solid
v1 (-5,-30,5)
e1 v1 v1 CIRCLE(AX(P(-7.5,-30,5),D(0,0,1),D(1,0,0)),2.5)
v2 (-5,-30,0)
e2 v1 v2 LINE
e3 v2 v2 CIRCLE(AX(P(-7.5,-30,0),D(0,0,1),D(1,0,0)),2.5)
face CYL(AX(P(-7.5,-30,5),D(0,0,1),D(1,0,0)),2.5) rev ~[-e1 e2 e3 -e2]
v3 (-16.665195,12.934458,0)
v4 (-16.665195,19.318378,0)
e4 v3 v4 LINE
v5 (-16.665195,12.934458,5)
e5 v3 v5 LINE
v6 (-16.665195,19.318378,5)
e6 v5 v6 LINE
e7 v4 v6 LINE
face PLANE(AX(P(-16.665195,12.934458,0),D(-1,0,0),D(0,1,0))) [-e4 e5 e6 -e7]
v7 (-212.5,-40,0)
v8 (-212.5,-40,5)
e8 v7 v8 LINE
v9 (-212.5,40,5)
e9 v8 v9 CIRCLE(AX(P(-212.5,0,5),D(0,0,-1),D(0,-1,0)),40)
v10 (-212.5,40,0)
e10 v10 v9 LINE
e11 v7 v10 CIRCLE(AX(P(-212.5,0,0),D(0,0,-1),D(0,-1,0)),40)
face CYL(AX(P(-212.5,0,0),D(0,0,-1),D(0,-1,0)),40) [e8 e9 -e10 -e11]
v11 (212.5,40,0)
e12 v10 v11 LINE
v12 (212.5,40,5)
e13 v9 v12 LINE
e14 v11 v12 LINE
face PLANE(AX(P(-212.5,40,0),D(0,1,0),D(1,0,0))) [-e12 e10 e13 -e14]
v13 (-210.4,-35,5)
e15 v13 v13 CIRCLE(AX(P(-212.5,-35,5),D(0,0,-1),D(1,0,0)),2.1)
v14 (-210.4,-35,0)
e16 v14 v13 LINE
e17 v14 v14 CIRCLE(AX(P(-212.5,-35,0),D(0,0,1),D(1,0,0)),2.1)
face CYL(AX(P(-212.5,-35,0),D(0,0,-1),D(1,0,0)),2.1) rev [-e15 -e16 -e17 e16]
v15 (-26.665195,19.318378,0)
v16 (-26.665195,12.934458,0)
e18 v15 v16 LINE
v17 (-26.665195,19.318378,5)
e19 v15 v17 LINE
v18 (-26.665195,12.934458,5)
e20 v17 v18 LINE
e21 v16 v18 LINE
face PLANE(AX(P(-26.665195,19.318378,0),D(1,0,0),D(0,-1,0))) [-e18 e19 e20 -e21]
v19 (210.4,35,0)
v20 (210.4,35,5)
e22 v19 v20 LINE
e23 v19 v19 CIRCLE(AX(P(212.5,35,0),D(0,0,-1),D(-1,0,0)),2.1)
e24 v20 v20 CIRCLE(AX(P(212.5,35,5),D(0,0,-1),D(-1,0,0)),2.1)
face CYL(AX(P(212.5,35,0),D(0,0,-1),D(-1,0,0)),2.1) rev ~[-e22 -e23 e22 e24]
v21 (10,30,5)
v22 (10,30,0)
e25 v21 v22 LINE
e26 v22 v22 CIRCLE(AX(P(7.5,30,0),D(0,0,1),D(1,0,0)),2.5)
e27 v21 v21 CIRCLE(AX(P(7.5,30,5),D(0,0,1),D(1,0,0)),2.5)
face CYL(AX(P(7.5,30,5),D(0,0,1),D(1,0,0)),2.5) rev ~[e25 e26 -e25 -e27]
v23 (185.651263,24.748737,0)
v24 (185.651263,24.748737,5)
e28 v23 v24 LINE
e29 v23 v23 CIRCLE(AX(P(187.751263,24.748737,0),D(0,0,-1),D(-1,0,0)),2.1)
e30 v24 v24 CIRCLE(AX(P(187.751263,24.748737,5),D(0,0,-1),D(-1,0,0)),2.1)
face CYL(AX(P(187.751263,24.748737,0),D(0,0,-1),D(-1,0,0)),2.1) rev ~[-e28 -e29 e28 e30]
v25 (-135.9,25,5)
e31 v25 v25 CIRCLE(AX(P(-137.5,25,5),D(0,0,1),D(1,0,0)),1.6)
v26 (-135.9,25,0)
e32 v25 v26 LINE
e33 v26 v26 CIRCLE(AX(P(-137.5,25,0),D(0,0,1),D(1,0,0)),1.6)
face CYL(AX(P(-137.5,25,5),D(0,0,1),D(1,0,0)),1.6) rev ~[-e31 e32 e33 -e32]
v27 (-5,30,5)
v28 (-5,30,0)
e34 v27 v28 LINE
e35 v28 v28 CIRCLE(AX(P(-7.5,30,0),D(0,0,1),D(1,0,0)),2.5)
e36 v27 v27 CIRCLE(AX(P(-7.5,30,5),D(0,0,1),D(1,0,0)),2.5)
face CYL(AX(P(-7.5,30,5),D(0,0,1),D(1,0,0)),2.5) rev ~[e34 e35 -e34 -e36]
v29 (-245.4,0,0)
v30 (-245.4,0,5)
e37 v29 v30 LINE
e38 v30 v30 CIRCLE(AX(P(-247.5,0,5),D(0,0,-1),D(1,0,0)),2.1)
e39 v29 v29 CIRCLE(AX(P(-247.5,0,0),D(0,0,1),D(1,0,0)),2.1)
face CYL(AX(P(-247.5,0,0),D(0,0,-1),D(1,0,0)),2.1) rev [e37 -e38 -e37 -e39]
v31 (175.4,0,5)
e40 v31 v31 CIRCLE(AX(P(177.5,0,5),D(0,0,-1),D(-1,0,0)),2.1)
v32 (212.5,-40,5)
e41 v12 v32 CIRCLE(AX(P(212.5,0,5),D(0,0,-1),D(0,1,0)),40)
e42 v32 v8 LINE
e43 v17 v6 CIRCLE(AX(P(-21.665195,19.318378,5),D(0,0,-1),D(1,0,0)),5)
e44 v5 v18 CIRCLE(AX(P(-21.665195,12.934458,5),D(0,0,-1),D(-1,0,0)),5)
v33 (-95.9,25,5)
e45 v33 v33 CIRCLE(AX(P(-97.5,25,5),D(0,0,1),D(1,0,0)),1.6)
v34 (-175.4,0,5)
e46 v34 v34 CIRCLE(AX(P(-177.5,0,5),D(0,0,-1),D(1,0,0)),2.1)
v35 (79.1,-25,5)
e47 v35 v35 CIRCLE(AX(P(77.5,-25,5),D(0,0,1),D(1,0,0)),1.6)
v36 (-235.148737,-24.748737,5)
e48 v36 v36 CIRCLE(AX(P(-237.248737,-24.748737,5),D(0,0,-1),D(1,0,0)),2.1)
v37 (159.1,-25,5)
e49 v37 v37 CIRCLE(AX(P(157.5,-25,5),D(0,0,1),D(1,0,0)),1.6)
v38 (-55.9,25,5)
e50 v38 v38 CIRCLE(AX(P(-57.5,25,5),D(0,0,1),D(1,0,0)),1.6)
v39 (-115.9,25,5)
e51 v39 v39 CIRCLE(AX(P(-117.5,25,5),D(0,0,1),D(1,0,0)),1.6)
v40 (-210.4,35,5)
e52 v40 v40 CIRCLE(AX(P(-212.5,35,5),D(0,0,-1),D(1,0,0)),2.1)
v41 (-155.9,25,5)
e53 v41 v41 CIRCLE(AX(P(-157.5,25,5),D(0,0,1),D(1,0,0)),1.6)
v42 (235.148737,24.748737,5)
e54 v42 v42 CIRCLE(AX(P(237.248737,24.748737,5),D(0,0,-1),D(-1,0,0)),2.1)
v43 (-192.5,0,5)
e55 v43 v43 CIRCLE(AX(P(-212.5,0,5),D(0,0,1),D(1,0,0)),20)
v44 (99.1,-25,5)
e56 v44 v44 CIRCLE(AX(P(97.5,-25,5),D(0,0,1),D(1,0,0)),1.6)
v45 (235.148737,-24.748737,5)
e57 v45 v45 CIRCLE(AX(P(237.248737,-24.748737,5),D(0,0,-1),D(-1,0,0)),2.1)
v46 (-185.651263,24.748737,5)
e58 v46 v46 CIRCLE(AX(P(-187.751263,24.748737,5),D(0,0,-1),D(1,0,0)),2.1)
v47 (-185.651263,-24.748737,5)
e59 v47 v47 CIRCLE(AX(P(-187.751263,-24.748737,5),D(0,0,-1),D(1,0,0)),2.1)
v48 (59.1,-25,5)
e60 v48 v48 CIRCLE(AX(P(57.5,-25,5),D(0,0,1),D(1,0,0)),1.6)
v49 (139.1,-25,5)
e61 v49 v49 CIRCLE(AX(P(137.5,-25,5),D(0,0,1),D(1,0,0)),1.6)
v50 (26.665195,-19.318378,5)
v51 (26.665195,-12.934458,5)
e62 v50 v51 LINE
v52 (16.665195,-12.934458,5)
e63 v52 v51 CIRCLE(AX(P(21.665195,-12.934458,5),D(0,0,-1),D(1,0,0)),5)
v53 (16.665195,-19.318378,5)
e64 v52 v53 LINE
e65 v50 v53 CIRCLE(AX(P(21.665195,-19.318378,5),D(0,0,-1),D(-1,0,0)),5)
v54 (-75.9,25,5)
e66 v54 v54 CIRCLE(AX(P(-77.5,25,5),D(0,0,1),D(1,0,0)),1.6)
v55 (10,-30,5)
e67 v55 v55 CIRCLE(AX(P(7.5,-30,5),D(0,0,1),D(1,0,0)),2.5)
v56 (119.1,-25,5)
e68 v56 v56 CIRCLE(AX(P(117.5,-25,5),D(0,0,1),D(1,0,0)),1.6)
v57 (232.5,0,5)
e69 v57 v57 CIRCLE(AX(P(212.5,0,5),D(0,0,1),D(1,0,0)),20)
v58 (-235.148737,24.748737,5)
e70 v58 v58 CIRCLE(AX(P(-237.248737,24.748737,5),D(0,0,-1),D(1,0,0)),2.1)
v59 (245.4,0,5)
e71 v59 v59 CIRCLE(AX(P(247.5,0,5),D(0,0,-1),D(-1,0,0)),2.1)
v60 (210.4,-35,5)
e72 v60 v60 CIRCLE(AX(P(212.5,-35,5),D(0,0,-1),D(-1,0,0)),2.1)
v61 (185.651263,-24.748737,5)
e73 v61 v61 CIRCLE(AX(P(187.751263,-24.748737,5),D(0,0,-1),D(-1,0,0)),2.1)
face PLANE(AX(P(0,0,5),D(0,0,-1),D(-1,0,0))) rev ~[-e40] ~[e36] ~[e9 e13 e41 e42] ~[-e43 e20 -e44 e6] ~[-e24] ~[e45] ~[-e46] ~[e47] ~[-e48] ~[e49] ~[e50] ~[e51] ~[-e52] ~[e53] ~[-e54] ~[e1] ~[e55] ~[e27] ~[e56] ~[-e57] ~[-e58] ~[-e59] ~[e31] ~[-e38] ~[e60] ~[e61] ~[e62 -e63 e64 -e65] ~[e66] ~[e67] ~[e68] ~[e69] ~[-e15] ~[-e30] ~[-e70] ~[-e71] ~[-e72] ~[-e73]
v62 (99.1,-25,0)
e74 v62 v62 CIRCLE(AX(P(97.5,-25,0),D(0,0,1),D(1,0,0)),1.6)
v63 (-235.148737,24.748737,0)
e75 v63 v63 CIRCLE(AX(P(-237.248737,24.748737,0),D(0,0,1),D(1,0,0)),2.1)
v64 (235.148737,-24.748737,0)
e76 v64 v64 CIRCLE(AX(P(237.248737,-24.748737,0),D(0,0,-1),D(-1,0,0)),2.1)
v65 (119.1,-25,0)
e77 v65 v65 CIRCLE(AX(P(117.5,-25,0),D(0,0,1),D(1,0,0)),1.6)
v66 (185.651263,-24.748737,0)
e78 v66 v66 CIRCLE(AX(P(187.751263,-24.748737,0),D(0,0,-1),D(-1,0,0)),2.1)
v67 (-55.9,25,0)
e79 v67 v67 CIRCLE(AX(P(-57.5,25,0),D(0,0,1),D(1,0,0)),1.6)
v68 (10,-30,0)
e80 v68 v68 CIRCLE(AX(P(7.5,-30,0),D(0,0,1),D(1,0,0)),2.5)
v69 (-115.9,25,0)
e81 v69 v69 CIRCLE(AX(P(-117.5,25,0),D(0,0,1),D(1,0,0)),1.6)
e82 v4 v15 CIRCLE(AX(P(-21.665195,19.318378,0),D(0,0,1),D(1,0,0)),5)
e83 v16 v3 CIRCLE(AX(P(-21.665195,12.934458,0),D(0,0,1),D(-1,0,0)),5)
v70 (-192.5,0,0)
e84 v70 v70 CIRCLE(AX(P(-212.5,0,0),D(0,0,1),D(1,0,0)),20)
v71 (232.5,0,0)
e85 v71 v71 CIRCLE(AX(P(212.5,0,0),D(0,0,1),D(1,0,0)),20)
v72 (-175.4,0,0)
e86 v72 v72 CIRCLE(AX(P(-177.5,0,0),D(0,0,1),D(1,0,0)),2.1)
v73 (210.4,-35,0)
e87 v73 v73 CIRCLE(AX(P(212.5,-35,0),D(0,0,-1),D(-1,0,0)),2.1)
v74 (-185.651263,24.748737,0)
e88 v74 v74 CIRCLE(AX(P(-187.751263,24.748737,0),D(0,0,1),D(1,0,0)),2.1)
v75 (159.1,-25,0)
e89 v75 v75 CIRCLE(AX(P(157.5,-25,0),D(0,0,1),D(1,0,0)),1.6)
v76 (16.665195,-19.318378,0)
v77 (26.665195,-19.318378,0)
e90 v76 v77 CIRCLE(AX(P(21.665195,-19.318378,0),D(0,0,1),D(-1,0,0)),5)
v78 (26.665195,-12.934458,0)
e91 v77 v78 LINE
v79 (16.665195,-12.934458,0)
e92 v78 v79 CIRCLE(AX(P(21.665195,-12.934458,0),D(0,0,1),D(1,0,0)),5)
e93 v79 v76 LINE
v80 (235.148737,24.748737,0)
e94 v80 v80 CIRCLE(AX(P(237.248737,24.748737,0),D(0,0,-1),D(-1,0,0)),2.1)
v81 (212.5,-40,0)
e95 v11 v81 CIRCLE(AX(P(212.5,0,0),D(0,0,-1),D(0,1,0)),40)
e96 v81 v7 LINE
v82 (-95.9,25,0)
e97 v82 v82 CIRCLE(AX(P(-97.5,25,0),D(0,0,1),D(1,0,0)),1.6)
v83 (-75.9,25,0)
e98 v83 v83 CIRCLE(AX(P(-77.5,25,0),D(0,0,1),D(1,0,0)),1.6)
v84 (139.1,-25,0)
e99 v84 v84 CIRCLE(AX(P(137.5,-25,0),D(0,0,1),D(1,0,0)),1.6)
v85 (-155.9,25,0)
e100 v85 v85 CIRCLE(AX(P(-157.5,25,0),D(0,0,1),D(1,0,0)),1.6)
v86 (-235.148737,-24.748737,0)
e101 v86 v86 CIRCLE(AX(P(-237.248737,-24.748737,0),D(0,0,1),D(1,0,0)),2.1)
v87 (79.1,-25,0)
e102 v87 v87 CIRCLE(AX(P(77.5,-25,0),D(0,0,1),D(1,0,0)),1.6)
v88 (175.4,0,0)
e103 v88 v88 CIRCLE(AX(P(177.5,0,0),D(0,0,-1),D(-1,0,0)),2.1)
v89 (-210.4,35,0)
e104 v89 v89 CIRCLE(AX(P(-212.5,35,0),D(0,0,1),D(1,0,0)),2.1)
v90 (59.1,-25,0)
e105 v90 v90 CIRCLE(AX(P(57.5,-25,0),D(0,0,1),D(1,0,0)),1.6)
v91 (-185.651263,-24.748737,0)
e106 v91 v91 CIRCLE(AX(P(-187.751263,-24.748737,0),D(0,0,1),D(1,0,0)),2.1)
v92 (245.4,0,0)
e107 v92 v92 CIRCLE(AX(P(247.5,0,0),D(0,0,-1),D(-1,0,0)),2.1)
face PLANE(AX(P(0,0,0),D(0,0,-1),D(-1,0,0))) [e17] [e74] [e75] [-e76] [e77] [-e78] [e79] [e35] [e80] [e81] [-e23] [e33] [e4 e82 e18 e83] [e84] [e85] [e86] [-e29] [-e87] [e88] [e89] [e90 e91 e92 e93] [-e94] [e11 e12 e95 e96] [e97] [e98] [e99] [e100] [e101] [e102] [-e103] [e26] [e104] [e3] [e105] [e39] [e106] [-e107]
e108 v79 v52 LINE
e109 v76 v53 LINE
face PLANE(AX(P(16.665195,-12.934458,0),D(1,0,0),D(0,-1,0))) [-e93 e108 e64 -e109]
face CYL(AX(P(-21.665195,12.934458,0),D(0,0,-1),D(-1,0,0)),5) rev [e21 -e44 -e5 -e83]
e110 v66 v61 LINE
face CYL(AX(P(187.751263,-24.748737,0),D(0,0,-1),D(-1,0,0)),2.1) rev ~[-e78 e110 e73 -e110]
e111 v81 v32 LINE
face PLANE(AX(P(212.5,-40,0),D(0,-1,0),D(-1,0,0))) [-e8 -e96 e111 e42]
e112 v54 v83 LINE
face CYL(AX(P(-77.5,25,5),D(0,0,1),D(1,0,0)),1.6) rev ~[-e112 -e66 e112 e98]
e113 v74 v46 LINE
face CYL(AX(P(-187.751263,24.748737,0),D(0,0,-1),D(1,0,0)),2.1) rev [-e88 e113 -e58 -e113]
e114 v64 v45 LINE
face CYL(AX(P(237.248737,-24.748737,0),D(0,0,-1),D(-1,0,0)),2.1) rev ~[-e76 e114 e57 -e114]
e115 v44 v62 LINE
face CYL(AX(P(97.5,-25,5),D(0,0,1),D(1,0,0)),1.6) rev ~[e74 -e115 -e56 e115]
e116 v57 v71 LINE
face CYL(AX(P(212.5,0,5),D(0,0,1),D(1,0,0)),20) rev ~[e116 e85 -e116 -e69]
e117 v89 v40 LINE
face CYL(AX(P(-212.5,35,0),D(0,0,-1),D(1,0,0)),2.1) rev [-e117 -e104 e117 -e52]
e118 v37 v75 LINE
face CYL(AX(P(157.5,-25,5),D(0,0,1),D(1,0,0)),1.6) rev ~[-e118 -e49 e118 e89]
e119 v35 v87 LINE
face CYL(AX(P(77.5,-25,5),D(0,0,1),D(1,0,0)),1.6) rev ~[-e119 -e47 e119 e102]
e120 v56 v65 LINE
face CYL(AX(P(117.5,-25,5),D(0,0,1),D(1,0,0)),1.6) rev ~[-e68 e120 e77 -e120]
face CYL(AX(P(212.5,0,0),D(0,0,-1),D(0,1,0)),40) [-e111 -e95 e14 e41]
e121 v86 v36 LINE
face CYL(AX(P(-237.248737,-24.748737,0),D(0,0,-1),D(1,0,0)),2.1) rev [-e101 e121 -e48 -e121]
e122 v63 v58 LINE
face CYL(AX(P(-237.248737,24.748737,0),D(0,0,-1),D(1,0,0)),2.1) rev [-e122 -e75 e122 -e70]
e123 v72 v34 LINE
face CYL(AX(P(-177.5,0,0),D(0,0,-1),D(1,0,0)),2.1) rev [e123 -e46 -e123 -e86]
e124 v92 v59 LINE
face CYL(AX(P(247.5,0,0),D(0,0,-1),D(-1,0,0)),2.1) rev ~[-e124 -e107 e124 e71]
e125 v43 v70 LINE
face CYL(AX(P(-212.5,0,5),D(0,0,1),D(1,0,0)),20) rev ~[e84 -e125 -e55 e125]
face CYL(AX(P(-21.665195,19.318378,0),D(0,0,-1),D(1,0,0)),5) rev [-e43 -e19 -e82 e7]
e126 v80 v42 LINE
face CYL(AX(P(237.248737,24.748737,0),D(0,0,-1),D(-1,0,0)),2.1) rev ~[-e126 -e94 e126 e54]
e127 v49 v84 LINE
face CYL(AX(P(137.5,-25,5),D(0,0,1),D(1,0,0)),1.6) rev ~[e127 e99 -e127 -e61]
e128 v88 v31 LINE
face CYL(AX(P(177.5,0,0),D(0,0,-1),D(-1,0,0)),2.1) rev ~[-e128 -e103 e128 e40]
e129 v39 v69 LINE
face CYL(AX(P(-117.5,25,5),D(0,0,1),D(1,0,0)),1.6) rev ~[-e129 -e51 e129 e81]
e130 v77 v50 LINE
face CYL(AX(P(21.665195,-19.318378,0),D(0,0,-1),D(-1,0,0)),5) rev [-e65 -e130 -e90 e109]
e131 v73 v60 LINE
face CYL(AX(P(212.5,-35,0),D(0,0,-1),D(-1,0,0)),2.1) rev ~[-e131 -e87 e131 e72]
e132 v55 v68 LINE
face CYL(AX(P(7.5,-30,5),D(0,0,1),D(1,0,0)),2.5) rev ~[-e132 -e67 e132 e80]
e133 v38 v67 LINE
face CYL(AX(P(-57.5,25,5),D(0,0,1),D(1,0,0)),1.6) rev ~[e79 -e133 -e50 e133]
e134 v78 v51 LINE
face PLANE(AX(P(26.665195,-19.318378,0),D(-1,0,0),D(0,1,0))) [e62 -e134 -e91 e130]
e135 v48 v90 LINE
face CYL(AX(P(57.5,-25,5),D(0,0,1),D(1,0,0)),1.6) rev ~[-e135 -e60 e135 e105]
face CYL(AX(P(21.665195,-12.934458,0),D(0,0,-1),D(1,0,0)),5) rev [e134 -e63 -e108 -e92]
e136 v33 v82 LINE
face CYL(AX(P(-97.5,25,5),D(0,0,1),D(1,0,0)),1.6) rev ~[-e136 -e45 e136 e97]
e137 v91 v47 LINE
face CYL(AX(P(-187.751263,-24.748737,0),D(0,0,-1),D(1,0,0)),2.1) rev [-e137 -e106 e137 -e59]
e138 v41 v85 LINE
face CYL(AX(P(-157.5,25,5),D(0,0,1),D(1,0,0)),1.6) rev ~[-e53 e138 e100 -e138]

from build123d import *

# Parameters (mm, degrees)
EXTRUDE_1_DEPTH     = 5
SKETCH_2_R          = 2.5
CUT_EXTRUDE_1_DEPTH = 10
SKETCH_3_R          = 20
CUT_EXTRUDE_2_DEPTH = 256.697575272
CUT_EXTRUDE_3_DEPTH = 256.697575272
SKETCH_5_R          = 1.6
CUT_EXTRUDE_4_DEPTH = 256.697575272
SKETCH_6_R          = 2.1
CUT_EXTRUDE_5_DEPTH = 256.697575272


with BuildPart() as part:
    # 草图1 → 凸台-拉伸1 (new body)
    with BuildSketch(Plane.XY):
        with BuildLine():
            Line((-212.5, 40), (212.5, 40))
            ThreePointArc((212.5, 40), (252.5, 0), (212.5, -40))
            Line((212.5, -40), (-212.5, -40))
            ThreePointArc((-212.5, -40), (-252.5, 0), (-212.5, 40))
        make_face()
    extrude(amount=EXTRUDE_1_DEPTH)

    # 草图2 → 切除-拉伸1 (cut)
    with BuildSketch(Plane.XY.offset(5)):
        with Locations((-7.5, 30)):
            Circle(SKETCH_2_R)
        with Locations((7.5, 30)):
            Circle(SKETCH_2_R)
        with Locations((7.5, -30)):
            Circle(SKETCH_2_R)
        with Locations((-7.5, -30)):
            Circle(SKETCH_2_R)
    extrude(amount=-CUT_EXTRUDE_1_DEPTH, mode=Mode.SUBTRACT)

    # 草图3 → 切除-拉伸2 (cut, through all)
    with BuildSketch(Plane.XY.offset(5)):
        with Locations((-212.5, 0)):
            Circle(SKETCH_3_R)
        with Locations((212.5, 0)):
            Circle(SKETCH_3_R)
    extrude(amount=-CUT_EXTRUDE_2_DEPTH, mode=Mode.SUBTRACT)

    # 草图4 → 切除-拉伸3 (cut, through all)
    with BuildSketch(Plane(origin=(0, 0, 0), x_dir=(-1, 0, 0), z_dir=(0, 0, -1))):
        with BuildLine():
            Line((-16.665194888, -12.934457925), (-16.665194888, -19.318378476))
            ThreePointArc((-16.665194888, -19.318378476), (-21.665194888, -24.318378476), (-26.665194888, -19.318378476))
            Line((-26.665194888, -19.318378476), (-26.665194888, -12.934457925))
            ThreePointArc((-26.665194888, -12.934457925), (-21.665194888, -7.934457925), (-16.665194888, -12.934457925))
        make_face()
        with BuildLine():
            Line((26.665194888, 19.318378476), (26.665194888, 12.934457925))
            ThreePointArc((26.665194888, 12.934457925), (21.665194888, 7.934457925), (16.665194888, 12.934457925))
            Line((16.665194888, 12.934457925), (16.665194888, 19.318378476))
            ThreePointArc((16.665194888, 19.318378476), (21.665194888, 24.318378476), (26.665194888, 19.318378476))
        make_face()
    extrude(amount=-CUT_EXTRUDE_3_DEPTH, mode=Mode.SUBTRACT)

    # 草图5 → 切除-拉伸4 (cut, through all)
    with BuildSketch(Plane.XY.offset(5)):
        with Locations((57.5, -25)):
            Circle(SKETCH_5_R)
        with Locations((77.5, -25)):
            Circle(SKETCH_5_R)
        with Locations((97.5, -25)):
            Circle(SKETCH_5_R)
        with Locations((117.5, -25)):
            Circle(SKETCH_5_R)
        with Locations((137.5, -25)):
            Circle(SKETCH_5_R)
        with Locations((157.5, -25)):
            Circle(SKETCH_5_R)
        with Locations((-57.5, 25)):
            Circle(SKETCH_5_R)
        with Locations((-77.5, 25)):
            Circle(SKETCH_5_R)
        with Locations((-97.5, 25)):
            Circle(SKETCH_5_R)
        with Locations((-117.5, 25)):
            Circle(SKETCH_5_R)
        with Locations((-137.5, 25)):
            Circle(SKETCH_5_R)
        with Locations((-157.5, 25)):
            Circle(SKETCH_5_R)
    extrude(amount=-CUT_EXTRUDE_4_DEPTH, mode=Mode.SUBTRACT)

    # 草图6 → 切除-拉伸5 (cut, through all)
    with BuildSketch(Plane(origin=(0, 0, 0), x_dir=(-1, 0, 0), z_dir=(0, 0, -1))):
        with Locations((-247.5, 0)):
            Circle(SKETCH_6_R)
        with Locations((-237.248737342, 24.748737342)):
            Circle(SKETCH_6_R)
        with Locations((-212.5, 35)):
            Circle(SKETCH_6_R)
        with Locations((-187.751262658, 24.748737342)):
            Circle(SKETCH_6_R)
        with Locations((-177.5, 0)):
            Circle(SKETCH_6_R)
        with Locations((-187.751262658, -24.748737342)):
            Circle(SKETCH_6_R)
        with Locations((-212.5, -35)):
            Circle(SKETCH_6_R)
        with Locations((-237.248737342, -24.748737342)):
            Circle(SKETCH_6_R)
    cut_extrude_5 = extrude(amount=-CUT_EXTRUDE_5_DEPTH, mode=Mode.SUBTRACT)

    # 镜向1: 切除-拉伸5 across plane
    add(cut_extrude_5.mirror(Plane(origin=(0, 0, 0), x_dir=(0, 0, 1), z_dir=(1, 0, 0))), mode=Mode.SUBTRACT)


solid = part.part
